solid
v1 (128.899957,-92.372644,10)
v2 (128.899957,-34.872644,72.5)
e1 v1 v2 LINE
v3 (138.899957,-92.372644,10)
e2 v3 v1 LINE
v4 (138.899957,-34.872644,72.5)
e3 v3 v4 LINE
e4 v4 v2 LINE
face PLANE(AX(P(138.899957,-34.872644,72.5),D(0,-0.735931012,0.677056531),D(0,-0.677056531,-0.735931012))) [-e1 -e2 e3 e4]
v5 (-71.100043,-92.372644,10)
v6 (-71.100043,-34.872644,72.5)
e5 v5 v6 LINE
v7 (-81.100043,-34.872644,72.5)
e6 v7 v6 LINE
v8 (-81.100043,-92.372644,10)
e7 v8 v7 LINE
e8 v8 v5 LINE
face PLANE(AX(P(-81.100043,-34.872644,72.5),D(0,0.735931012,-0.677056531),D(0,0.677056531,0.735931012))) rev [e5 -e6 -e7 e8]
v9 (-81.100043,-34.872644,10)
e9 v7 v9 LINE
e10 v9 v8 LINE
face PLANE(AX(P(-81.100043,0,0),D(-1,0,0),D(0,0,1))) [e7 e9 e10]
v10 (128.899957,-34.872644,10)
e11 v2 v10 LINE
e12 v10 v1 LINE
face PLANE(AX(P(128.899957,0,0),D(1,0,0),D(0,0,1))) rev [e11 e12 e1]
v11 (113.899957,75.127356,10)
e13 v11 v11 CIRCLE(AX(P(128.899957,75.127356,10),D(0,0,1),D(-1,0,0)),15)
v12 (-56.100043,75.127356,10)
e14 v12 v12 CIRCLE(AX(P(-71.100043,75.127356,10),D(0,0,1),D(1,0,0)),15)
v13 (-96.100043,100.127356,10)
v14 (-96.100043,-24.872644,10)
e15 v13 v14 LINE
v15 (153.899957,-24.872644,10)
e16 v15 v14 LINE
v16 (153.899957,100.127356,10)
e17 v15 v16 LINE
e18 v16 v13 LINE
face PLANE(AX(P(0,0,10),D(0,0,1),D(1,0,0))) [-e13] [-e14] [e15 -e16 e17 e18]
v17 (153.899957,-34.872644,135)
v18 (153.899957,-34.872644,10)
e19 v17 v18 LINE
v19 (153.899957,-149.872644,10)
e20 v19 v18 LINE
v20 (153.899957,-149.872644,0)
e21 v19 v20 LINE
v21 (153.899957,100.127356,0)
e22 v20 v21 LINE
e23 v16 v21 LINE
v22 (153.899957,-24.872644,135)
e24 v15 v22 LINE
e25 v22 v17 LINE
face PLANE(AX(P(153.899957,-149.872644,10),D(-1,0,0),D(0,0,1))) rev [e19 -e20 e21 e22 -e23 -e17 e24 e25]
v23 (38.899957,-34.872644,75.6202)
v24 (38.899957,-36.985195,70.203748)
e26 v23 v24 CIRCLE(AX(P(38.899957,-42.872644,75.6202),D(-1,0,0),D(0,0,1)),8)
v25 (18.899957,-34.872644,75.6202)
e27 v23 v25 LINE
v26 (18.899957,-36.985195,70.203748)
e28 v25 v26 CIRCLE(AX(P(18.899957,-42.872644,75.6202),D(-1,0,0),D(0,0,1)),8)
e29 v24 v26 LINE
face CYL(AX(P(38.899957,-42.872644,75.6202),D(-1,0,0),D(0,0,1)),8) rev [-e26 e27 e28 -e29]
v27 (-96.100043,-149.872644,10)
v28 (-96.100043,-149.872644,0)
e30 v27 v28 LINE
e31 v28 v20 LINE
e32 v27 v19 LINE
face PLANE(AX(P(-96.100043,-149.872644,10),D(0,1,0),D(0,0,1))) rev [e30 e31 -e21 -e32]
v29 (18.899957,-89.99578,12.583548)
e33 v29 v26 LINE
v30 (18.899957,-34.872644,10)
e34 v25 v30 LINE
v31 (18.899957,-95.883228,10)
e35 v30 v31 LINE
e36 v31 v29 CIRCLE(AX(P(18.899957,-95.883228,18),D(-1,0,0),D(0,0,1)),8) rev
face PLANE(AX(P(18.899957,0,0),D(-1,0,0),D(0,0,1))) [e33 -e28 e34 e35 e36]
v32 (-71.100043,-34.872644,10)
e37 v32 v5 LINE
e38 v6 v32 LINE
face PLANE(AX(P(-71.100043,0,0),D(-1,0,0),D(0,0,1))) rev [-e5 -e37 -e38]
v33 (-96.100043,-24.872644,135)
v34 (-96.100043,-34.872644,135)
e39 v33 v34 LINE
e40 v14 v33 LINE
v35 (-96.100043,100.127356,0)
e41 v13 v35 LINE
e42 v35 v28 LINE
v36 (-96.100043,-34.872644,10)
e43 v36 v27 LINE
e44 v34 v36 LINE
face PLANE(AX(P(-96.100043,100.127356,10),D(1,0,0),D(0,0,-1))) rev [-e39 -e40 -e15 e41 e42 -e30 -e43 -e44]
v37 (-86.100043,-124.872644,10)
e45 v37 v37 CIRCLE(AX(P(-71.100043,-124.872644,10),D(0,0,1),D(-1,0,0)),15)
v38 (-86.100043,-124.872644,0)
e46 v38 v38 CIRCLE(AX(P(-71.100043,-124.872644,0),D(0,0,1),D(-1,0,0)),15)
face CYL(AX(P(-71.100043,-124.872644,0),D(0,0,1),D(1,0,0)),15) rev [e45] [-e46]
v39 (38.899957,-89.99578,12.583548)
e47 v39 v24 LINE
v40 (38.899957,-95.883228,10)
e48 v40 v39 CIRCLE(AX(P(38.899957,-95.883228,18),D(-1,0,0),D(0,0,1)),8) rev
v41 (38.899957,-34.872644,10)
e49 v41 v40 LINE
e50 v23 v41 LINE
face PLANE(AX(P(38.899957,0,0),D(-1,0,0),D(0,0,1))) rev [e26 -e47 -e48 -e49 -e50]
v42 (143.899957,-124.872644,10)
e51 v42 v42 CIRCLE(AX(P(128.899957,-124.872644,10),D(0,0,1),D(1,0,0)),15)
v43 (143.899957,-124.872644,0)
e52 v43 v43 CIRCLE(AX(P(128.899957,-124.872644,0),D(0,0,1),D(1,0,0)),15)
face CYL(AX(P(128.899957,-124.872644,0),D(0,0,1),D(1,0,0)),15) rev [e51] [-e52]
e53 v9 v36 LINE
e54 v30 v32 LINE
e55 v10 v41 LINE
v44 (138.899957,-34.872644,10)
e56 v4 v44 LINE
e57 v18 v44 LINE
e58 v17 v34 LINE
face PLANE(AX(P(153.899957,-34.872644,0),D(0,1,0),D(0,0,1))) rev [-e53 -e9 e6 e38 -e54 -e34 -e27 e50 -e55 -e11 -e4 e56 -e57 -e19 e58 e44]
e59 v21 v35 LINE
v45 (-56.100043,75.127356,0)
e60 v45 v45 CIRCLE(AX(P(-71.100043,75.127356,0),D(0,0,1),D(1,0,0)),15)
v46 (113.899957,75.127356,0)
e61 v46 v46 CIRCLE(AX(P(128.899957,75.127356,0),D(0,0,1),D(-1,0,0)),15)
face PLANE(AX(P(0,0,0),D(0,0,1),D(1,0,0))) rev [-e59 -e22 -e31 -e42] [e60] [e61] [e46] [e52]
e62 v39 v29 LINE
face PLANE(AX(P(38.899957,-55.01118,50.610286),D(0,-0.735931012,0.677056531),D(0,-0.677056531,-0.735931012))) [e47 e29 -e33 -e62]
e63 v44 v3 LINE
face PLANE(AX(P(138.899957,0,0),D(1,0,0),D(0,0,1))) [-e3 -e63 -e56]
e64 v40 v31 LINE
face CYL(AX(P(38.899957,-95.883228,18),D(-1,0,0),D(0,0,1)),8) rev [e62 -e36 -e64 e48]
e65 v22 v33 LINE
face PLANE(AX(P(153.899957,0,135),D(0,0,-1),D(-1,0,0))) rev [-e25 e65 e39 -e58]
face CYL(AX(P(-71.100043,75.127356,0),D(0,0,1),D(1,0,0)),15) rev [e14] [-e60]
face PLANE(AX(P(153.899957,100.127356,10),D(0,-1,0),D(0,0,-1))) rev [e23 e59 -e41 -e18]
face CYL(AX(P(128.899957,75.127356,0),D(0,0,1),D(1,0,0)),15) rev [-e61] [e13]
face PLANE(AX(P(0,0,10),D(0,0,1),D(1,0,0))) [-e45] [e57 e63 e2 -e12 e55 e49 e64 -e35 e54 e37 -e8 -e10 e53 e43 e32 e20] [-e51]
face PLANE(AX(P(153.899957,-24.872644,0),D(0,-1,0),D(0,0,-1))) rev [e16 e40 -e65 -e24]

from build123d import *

# Parameters (mm, degrees)
SKETCH1_W                = 250
SKETCH1_H                = 250
BOSS_EXTRUDE1_DEPTH      = 10
SKETCH2_R                = 15
CUT_EXTRUDE1_DEPTH       = 10
SKETCH3_W                = 125
SKETCH3_H                = 10
BOSS_EXTRUDE2_DEPTH      = 250
BOSS_EXTRUDE3_DEPTH      = 10
BOSS_EXTRUDE4_DEPTH      = 10
BOSS_EXTRUDE4_DEPTH_BACK = 10


with BuildPart() as part:
    # Sketch1 → Boss-Extrude1 (new body)
    with BuildSketch(Plane.XY):
        with Locations((28.899957468, -24.872643547)):
            Rectangle(SKETCH1_W, SKETCH1_H)
    extrude(amount=BOSS_EXTRUDE1_DEPTH)

    # Sketch2 → Cut-Extrude1 (cut)
    with BuildSketch(Plane.XY.offset(10)):
        with Locations((-71.100042532, 75.127356453)):
            Circle(SKETCH2_R)
        with Locations((128.899957468, 75.127356453)):
            Circle(SKETCH2_R)
        with Locations((128.899957468, -124.872643547)):
            Circle(SKETCH2_R)
        with Locations((-71.100042532, -124.872643547)):
            Circle(SKETCH2_R)
    extrude(amount=-CUT_EXTRUDE1_DEPTH, mode=Mode.SUBTRACT)

    # Sketch3 → Boss-Extrude2 (add)
    with BuildSketch(Plane.ZY.offset(96.100042532)):
        with Locations((72.5, -29.872643547)):
            Rectangle(SKETCH3_W, SKETCH3_H)
    extrude(amount=-BOSS_EXTRUDE2_DEPTH)

    # Sketch4 → Boss-Extrude3 (add)
    with BuildSketch(Plane.ZY.offset(71.100042532)):
        Polygon((72.5, -34.872643547), (10, -92.372643547), (10, -34.872643547), align=None)
    boss_extrude3 = extrude(amount=BOSS_EXTRUDE3_DEPTH)

    # Mirror1: Boss-Extrude3 across plane
    add(boss_extrude3.mirror(Plane.ZY.offset(-28.899957468)))

    # Sketch5 → Boss-Extrude4 (add, two sides: drawn at the far end of the back side and taken through both)
    with BuildSketch(Plane.ZY.offset(-28.899957468).offset(-BOSS_EXTRUDE4_DEPTH_BACK)):
        with BuildLine():
            ThreePointArc((10, -95.883227708), (10.67430488, -92.668544051), (12.583547753, -89.995779614))
            Line((12.583547753, -89.995779614), (70.203747928, -36.985195453))
            ThreePointArc((70.203747928, -36.985195453), (72.713276092, -35.419470238), (75.620200175, -34.872643547))
            Line((75.620200175, -34.872643547), (10, -34.872643547))
            Line((10, -34.872643547), (10, -95.883227708))
        make_face()
    extrude(amount=BOSS_EXTRUDE4_DEPTH + BOSS_EXTRUDE4_DEPTH_BACK)


solid = part.part
